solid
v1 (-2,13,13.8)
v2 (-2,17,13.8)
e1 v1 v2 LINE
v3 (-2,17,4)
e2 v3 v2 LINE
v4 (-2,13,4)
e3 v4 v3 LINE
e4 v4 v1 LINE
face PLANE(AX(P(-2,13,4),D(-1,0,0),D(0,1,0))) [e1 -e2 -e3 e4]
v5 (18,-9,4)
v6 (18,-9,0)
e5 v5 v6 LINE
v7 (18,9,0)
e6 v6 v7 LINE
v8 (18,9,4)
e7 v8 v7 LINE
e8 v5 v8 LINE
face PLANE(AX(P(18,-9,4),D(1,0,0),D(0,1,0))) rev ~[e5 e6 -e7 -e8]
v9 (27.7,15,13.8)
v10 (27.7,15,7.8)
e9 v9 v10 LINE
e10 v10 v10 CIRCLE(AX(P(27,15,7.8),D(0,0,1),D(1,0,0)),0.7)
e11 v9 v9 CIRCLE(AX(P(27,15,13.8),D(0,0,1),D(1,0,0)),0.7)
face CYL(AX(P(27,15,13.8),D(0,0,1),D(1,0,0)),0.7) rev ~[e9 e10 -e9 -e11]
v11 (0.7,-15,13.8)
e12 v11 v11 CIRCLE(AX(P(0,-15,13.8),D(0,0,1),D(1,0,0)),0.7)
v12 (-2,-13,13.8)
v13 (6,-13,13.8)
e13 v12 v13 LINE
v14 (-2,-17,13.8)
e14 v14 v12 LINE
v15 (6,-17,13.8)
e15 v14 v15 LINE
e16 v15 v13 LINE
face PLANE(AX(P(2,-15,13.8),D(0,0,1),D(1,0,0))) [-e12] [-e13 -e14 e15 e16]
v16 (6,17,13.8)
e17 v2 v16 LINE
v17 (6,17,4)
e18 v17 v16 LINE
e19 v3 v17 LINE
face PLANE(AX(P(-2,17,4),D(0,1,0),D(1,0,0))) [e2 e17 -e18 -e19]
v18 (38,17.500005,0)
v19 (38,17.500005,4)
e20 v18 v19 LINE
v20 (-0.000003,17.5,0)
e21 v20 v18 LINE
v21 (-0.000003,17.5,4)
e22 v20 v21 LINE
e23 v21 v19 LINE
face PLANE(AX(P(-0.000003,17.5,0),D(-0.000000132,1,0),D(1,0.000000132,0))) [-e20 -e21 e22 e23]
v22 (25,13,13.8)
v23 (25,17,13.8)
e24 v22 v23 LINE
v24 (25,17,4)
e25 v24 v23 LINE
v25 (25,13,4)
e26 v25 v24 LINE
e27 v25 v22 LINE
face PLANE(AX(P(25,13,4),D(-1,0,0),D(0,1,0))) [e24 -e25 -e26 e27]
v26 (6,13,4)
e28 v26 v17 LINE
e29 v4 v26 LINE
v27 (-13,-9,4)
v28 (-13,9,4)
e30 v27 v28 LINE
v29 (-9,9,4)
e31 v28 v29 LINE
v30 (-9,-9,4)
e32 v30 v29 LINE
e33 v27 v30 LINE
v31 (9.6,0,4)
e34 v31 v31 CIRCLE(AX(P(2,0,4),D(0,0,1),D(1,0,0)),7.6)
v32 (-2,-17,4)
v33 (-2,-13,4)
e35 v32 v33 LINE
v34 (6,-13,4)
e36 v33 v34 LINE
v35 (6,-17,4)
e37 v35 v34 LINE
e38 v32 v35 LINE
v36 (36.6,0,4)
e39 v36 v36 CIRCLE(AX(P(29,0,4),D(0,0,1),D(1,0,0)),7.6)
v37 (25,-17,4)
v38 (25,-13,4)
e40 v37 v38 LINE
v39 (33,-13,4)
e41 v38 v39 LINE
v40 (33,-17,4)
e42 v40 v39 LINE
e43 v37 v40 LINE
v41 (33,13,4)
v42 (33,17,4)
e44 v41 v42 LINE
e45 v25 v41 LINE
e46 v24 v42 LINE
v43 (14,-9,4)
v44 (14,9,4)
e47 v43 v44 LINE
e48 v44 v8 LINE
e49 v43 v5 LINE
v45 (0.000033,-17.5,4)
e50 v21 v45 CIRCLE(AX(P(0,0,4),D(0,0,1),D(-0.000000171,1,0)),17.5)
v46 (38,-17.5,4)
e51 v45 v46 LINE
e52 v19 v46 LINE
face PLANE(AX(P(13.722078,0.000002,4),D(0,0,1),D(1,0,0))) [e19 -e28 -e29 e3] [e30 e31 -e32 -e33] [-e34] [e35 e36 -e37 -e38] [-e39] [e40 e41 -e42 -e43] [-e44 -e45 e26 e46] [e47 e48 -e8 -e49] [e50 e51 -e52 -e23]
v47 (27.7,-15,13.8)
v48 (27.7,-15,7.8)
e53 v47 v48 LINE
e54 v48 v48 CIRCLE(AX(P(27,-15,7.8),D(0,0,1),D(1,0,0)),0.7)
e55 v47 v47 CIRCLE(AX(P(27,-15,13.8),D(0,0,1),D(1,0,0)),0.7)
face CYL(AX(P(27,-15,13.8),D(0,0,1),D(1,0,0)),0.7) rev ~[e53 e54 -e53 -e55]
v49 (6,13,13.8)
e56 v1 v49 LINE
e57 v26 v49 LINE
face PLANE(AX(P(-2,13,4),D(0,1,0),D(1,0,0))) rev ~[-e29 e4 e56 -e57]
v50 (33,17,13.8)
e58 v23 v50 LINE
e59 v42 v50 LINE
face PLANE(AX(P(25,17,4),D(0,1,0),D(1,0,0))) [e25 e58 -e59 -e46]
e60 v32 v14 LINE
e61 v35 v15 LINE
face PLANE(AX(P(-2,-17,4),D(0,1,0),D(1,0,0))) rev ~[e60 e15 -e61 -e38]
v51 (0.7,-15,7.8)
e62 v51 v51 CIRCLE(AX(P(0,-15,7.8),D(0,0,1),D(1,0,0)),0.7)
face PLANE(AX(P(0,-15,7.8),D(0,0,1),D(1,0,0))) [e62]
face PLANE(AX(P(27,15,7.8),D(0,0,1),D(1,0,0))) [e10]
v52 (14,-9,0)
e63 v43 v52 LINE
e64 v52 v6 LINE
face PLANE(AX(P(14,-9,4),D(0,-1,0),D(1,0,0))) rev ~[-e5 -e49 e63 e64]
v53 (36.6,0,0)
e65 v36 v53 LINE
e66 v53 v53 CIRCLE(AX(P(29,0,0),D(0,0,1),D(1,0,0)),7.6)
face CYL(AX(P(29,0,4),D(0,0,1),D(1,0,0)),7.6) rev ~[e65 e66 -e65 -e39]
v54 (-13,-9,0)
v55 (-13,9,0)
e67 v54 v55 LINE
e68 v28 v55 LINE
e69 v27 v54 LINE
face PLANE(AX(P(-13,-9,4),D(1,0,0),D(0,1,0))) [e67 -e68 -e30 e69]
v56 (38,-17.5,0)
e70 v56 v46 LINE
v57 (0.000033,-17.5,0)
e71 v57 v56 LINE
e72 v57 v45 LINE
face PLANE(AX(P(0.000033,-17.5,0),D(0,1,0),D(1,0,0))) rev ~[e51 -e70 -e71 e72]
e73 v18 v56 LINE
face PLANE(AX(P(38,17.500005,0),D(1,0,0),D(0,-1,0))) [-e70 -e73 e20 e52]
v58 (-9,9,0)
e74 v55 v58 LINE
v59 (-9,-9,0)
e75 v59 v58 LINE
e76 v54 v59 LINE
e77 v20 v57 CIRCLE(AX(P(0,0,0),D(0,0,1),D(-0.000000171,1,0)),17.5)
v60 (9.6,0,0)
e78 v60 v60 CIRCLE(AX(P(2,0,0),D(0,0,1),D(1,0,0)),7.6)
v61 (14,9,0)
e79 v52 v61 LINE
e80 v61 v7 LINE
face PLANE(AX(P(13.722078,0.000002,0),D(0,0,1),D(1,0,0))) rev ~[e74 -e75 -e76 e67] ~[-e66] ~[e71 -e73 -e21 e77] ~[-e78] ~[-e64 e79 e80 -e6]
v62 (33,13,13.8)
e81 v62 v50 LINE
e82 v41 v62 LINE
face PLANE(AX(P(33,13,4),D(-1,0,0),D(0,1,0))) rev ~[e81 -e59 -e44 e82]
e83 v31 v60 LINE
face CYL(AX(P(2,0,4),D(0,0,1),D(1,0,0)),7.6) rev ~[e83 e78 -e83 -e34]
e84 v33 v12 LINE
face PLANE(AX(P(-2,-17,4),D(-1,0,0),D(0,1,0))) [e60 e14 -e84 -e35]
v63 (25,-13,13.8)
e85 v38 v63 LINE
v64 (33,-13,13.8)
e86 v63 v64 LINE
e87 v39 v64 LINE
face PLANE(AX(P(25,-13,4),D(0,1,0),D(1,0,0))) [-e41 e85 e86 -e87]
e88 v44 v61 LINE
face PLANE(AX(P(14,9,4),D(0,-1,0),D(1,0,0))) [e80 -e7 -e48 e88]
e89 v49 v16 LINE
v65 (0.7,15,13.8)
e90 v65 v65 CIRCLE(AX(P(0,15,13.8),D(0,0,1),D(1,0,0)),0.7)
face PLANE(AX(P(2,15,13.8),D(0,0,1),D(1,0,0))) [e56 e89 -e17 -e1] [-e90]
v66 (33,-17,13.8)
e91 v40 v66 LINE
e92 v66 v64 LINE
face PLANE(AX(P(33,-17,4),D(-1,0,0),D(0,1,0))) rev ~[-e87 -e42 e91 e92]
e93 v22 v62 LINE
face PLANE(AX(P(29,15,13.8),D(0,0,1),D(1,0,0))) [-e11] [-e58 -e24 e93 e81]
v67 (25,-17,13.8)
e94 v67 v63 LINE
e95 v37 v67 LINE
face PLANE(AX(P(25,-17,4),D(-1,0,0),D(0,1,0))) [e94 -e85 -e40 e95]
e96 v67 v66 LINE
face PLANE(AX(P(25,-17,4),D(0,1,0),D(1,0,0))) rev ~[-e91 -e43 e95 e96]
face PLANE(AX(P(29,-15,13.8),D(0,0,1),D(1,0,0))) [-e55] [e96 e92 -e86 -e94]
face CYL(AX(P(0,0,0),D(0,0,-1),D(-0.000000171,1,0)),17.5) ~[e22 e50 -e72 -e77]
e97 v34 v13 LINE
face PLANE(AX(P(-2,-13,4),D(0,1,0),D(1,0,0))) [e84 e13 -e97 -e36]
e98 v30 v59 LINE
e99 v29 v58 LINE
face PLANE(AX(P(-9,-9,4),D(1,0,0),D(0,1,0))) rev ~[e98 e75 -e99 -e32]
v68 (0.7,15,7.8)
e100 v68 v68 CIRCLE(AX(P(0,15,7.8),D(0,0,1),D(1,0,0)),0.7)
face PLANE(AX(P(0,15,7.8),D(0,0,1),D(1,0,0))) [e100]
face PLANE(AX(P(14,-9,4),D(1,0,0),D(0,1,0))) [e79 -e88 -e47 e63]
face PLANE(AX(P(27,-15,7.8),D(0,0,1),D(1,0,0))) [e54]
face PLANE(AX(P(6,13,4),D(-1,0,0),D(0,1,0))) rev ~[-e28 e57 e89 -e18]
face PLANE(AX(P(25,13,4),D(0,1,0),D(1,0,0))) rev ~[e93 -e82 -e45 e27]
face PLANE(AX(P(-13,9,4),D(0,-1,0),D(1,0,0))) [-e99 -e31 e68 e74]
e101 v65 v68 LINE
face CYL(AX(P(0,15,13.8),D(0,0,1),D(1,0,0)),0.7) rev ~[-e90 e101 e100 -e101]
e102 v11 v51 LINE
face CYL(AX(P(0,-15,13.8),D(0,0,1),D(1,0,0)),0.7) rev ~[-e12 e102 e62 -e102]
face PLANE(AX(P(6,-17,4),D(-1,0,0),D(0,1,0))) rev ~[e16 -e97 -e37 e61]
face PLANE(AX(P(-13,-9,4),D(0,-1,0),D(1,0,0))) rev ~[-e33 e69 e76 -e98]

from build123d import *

# Parameters (mm, degrees)
PAD_DEPTH       = 4
SKETCH001_W     = 8
SKETCH001_H     = 4
PAD001_DEPTH    = 9.8
SKETCH002_R     = 7.6
POCKET_DEPTH    = 5
SKETCH003_R     = 0.7
POCKET001_DEPTH = 6
SKETCH004_W     = 4
SKETCH004_H     = 18
POCKET002_DEPTH = 5


with BuildPart() as part:
    # Sketch → Pad (new body)
    with BuildSketch(Plane.XY):
        with BuildLine():
            ThreePointArc((-3e-06, 17.5), (-17.5, -1.8e-05), (3.3e-05, -17.5))
            Line((3.3e-05, -17.5), (38, -17.5))
            Line((38, 17.500005), (38, -17.5))
            Line((-3e-06, 17.5), (38, 17.500005))
        make_face()
    extrude(amount=PAD_DEPTH)

    # Sketch001 → Pad001 (new body)
    with BuildSketch(Plane.XY.offset(4)):
        with Locations((2, 15)):
            Rectangle(SKETCH001_W, SKETCH001_H)
        with Locations((2, -15)):
            Rectangle(SKETCH001_W, SKETCH001_H)
        with Locations((29, 15)):
            Rectangle(SKETCH001_W, SKETCH001_H)
        with Locations((29, -15)):
            Rectangle(SKETCH001_W, SKETCH001_H)
    extrude(amount=PAD001_DEPTH)

    # Sketch002 → Pocket (cut)
    with BuildSketch(Plane.XY.offset(4)):
        with Locations((2, 0)):
            Circle(SKETCH002_R)
        with Locations((29, 0)):
            Circle(SKETCH002_R)
    extrude(amount=-POCKET_DEPTH, mode=Mode.SUBTRACT)

    # Sketch003 → Pocket001 (cut)
    with BuildSketch(Plane.XY.offset(13.8)):
        with Locations((0, 15)):
            Circle(SKETCH003_R)
        with Locations((27, 15)):
            Circle(SKETCH003_R)
        with Locations((27, -15)):
            Circle(SKETCH003_R)
        with Locations((0, -15)):
            Circle(SKETCH003_R)
    extrude(amount=-POCKET001_DEPTH, mode=Mode.SUBTRACT)

    # Sketch004 → Pocket002 (cut)
    with BuildSketch(Plane.XY.offset(4)):
        with Locations((-11, 0)):
            Rectangle(SKETCH004_W, SKETCH004_H)
        with Locations((16, 0)):
            Rectangle(SKETCH004_W, SKETCH004_H)
    extrude(amount=-POCKET002_DEPTH, mode=Mode.SUBTRACT)


solid = part.part
